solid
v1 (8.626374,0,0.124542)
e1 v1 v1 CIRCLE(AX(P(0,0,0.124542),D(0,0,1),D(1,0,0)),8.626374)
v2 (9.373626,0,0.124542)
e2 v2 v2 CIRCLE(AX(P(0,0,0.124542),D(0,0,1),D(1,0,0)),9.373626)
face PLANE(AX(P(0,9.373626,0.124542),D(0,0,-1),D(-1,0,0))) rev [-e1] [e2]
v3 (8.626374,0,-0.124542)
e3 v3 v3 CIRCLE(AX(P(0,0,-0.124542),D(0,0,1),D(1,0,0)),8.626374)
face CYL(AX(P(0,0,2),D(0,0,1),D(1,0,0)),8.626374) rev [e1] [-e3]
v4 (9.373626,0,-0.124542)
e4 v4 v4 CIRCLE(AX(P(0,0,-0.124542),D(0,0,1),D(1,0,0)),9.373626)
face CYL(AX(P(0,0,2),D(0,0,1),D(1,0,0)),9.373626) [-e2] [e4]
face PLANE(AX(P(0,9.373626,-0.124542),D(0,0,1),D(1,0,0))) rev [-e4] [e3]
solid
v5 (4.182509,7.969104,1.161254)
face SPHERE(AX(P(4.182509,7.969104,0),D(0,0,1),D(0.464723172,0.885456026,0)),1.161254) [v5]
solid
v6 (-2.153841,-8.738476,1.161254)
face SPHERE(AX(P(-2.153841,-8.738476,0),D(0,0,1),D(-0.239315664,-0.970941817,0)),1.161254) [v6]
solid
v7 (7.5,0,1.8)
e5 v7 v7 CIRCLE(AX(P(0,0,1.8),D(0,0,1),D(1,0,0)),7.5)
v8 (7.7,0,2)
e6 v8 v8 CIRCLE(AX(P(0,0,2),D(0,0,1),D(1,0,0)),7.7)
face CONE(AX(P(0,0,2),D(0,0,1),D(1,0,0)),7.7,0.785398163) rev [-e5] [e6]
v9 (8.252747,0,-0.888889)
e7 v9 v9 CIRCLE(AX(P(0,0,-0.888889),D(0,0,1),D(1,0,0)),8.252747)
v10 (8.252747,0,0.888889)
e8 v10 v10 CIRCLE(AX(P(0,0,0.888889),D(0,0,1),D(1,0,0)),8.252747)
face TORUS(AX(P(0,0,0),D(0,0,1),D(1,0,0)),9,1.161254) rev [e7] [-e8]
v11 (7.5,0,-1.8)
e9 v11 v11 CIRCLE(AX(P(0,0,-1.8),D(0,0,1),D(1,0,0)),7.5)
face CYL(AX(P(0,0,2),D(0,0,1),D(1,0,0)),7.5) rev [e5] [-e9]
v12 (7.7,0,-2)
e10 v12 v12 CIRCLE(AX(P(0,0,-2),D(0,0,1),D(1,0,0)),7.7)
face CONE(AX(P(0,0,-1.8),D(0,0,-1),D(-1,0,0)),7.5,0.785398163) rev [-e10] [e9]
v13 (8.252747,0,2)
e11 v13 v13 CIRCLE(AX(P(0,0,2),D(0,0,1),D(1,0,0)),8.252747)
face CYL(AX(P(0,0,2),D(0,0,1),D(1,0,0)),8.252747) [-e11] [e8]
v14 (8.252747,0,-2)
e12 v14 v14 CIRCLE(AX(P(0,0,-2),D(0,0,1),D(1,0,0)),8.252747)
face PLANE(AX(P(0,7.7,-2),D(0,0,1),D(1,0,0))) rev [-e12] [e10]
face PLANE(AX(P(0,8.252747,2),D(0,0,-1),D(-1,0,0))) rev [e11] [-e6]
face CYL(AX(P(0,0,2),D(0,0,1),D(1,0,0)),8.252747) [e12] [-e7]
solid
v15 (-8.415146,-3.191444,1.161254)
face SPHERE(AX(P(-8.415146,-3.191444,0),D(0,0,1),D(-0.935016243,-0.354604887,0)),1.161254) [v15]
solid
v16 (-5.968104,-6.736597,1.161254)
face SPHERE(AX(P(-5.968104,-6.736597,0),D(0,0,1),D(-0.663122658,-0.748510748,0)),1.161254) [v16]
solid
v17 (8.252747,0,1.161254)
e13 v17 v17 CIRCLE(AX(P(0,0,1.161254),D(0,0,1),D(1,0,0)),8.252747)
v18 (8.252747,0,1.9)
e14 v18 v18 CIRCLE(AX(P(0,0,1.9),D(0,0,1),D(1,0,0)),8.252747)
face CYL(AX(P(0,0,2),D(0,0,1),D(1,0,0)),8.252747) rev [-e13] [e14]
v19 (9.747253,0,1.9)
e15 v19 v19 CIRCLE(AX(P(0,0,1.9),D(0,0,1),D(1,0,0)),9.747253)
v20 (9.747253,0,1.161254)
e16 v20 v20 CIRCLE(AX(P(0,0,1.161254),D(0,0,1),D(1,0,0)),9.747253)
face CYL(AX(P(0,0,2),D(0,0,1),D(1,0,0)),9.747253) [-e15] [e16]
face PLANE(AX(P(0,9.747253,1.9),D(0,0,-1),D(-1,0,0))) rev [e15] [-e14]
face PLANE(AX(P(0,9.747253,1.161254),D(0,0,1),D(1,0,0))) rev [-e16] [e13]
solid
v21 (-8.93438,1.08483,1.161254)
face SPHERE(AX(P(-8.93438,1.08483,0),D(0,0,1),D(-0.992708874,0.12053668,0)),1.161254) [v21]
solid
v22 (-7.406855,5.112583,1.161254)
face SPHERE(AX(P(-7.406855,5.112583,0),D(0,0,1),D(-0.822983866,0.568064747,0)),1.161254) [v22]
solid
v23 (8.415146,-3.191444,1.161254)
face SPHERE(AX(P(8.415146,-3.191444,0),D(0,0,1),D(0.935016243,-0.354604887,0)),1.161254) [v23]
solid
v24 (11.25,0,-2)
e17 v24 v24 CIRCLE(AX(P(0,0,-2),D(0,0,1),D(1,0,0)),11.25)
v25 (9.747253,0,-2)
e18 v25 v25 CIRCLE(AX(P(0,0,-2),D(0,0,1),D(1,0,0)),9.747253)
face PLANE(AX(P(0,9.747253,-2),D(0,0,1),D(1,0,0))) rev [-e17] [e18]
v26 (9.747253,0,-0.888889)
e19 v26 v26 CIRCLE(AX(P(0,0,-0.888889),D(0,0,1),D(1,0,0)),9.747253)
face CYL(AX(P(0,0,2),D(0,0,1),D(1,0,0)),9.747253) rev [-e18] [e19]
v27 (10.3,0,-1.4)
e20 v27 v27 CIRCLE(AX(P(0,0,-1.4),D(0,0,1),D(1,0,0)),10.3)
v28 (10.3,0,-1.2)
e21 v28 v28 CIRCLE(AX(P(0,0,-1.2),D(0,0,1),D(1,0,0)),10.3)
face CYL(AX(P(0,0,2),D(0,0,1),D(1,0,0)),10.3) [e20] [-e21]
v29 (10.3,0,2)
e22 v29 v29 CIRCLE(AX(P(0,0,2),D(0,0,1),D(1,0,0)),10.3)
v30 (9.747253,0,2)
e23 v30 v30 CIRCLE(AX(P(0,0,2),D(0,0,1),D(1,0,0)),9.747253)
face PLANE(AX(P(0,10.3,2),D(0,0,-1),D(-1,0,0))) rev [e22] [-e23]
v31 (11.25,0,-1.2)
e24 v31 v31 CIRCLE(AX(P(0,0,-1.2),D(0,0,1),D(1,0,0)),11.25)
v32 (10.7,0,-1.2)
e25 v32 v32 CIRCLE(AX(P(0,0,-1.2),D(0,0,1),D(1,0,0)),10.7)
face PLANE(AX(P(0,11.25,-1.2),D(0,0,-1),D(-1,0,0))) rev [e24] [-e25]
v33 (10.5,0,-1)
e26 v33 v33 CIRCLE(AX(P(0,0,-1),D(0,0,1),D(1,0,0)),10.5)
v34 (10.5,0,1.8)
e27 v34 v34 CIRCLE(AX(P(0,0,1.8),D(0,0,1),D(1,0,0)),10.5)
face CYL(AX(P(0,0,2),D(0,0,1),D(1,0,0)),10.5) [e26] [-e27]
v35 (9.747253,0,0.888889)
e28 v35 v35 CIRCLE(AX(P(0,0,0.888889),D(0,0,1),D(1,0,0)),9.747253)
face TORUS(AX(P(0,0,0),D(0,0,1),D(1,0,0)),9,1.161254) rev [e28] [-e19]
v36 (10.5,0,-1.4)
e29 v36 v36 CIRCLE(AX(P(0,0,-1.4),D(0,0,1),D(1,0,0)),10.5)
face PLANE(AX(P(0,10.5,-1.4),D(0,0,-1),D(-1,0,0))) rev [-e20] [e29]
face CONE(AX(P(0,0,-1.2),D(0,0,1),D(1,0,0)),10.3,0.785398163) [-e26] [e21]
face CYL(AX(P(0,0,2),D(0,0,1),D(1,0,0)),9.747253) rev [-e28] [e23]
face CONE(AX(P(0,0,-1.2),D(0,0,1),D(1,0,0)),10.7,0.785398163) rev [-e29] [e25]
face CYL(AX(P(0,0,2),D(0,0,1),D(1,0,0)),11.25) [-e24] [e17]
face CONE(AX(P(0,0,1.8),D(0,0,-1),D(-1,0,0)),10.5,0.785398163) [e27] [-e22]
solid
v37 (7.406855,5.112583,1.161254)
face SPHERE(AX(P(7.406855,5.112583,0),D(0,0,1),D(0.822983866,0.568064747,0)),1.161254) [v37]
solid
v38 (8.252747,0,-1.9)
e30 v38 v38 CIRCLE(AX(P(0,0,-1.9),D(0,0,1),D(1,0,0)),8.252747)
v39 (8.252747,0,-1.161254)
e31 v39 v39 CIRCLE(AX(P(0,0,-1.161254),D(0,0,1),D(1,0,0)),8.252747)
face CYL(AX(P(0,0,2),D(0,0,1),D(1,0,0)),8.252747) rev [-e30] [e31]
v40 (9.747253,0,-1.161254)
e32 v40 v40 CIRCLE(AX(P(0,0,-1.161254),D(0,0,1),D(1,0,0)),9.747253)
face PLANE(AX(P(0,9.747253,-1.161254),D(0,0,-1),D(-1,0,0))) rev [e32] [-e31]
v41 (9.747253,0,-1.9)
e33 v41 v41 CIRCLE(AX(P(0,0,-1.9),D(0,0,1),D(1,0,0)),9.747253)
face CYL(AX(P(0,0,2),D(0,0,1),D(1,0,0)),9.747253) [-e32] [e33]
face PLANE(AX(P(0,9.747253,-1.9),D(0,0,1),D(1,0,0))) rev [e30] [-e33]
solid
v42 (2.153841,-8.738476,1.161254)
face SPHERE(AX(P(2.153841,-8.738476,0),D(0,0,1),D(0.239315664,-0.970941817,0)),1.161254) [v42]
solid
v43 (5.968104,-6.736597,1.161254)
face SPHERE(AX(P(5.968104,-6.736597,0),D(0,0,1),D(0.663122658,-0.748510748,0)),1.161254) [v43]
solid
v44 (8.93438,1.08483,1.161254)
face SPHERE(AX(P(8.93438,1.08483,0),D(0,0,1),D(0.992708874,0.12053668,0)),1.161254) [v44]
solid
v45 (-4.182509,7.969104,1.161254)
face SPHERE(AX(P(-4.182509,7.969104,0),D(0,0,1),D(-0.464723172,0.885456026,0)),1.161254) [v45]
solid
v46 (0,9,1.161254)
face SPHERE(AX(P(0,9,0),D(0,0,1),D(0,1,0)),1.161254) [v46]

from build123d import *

# Parameters (mm, degrees)
SKETCH6_W         = 0.24908425
SKETCH6_H         = 0.747252748
CIRPATTERN1_COUNT = 13
SKETCH5_W         = 0.738746313
SKETCH5_H         = 1.494505494


with BuildPart() as part:
    # Sketch7 → Revolve7 (revolve)
    with BuildSketch(Plane(origin=(0, 0, 0), x_dir=(0, 0, -1), z_dir=(1, 0, 0))):
        with BuildLine():
            Line((2, 11.25), (1.2, 11.25))
            Line((1.2, 11.25), (1.2, 10.7))
            Line((1.2, 10.7), (1.4, 10.5))
            Line((1.4, 10.5), (1.4, 10.3))
            Line((1.4, 10.3), (1.2, 10.3))
            Line((1.2, 10.3), (1, 10.5))
            Line((1, 10.5), (-1.8, 10.5))
            Line((-1.8, 10.5), (-2, 10.3))
            Line((-2, 10.3), (-2, 9.747252747))
            Line((-2, 9.747252747), (-0.888888889, 9.747252747))
            ThreePointArc((-0.888888889, 9.747252747), (0, 10.161253687), (0.888888889, 9.747252747))
            Line((0.888888889, 9.747252747), (2, 9.747252747))
            Line((2, 9.747252747), (2, 10.3))
            Line((2, 10.3), (2, 11.25))
        make_face()
    revolve(axis=Axis((0, 0, 2), (0, 0, -1)))


with BuildPart() as body_2:
    # Sketch3 → Revolve3 (revolve)
    with BuildSketch(Plane(origin=(0, 0, 0), x_dir=(0, 0, -1), z_dir=(1, 0, 0))):
        with BuildLine():
            Line((-2, 8.252747253), (-0.888888889, 8.252747253))
            ThreePointArc((-0.888888889, 8.252747253), (0, 7.838746313), (0.888888889, 8.252747253))
            Line((0.888888889, 8.252747253), (2, 8.252747253))
            Line((2, 8.252747253), (2, 7.7))
            Line((2, 7.7), (1.8, 7.5))
            Line((1.8, 7.5), (-1.8, 7.5))
            Line((-1.8, 7.5), (-2, 7.7))
            Line((-2, 7.7), (-2, 8.252747253))
        make_face()
    revolve(axis=Axis((0, 0, 2), (0, 0, -1)))


with BuildPart() as body_3:
    # Sketch6 → Revolve6 (revolve)
    with BuildSketch(Plane(origin=(0, 0, 0), x_dir=(0, 0, -1), z_dir=(1, 0, 0))):
        with Locations((0, 9)):
            Rectangle(SKETCH6_W, SKETCH6_H)
    revolve(axis=Axis((0, 0, 2), (0, 0, -1)))


with BuildPart() as body_4:
    # Sketch4 → Revolve4 (revolve)
    with BuildSketch(Plane(origin=(0, 0, 0), x_dir=(0, 0, -1), z_dir=(1, 0, 0))):
        with BuildLine():
            Line((-1.161253687, 9), (1.161253687, 9))
            ThreePointArc((1.161253687, 9), (0, 10.161253687), (-1.161253687, 9))
        make_face()
    revolve(axis=Axis((0, 9, 1.161253687), (0, 0, -1)))


with BuildPart() as cirpattern1_1:
    # CirPattern1: pattern copy
    add(body_4.part.rotate(Axis((0, 0, -2), (0, 0, 1)), 1 * 360 / CIRPATTERN1_COUNT))


with BuildPart() as cirpattern1_2:
    # CirPattern1: pattern copy
    add(body_4.part.rotate(Axis((0, 0, -2), (0, 0, 1)), 2 * 360 / CIRPATTERN1_COUNT))


with BuildPart() as cirpattern1_3:
    # CirPattern1: pattern copy
    add(body_4.part.rotate(Axis((0, 0, -2), (0, 0, 1)), 3 * 360 / CIRPATTERN1_COUNT))


with BuildPart() as cirpattern1_4:
    # CirPattern1: pattern copy
    add(body_4.part.rotate(Axis((0, 0, -2), (0, 0, 1)), 4 * 360 / CIRPATTERN1_COUNT))


with BuildPart() as cirpattern1_5:
    # CirPattern1: pattern copy
    add(body_4.part.rotate(Axis((0, 0, -2), (0, 0, 1)), 5 * 360 / CIRPATTERN1_COUNT))


with BuildPart() as cirpattern1_6:
    # CirPattern1: pattern copy
    add(body_4.part.rotate(Axis((0, 0, -2), (0, 0, 1)), 6 * 360 / CIRPATTERN1_COUNT))


with BuildPart() as cirpattern1_7:
    # CirPattern1: pattern copy
    add(body_4.part.rotate(Axis((0, 0, -2), (0, 0, 1)), 7 * 360 / CIRPATTERN1_COUNT))


with BuildPart() as cirpattern1_8:
    # CirPattern1: pattern copy
    add(body_4.part.rotate(Axis((0, 0, -2), (0, 0, 1)), 8 * 360 / CIRPATTERN1_COUNT))


with BuildPart() as cirpattern1_9:
    # CirPattern1: pattern copy
    add(body_4.part.rotate(Axis((0, 0, -2), (0, 0, 1)), 9 * 360 / CIRPATTERN1_COUNT))


with BuildPart() as cirpattern1_10:
    # CirPattern1: pattern copy
    add(body_4.part.rotate(Axis((0, 0, -2), (0, 0, 1)), 10 * 360 / CIRPATTERN1_COUNT))


with BuildPart() as cirpattern1_11:
    # CirPattern1: pattern copy
    add(body_4.part.rotate(Axis((0, 0, -2), (0, 0, 1)), 11 * 360 / CIRPATTERN1_COUNT))


with BuildPart() as cirpattern1_12:
    # CirPattern1: pattern copy
    add(body_4.part.rotate(Axis((0, 0, -2), (0, 0, 1)), 12 * 360 / CIRPATTERN1_COUNT))


with BuildPart() as body_17:
    # Sketch5 → Revolve5 (revolve)
    with BuildSketch(Plane(origin=(0, 0, 0), x_dir=(0, 0, -1), z_dir=(1, 0, 0))):
        with Locations((-1.530626844, 9)):
            Rectangle(SKETCH5_W, SKETCH5_H)
        with Locations((1.530626844, 9)):
            Rectangle(SKETCH5_W, SKETCH5_H)
    revolve(axis=Axis((0, 0, 2), (0, 0, -1)))


solid = Compound([part.part, body_2.part, body_3.part, body_4.part, cirpattern1_1.part, cirpattern1_2.part, cirpattern1_3.part, cirpattern1_4.part, cirpattern1_5.part, cirpattern1_6.part, cirpattern1_7.part, cirpattern1_8.part, cirpattern1_9.part, cirpattern1_10.part, cirpattern1_11.part, cirpattern1_12.part, body_17.part])
